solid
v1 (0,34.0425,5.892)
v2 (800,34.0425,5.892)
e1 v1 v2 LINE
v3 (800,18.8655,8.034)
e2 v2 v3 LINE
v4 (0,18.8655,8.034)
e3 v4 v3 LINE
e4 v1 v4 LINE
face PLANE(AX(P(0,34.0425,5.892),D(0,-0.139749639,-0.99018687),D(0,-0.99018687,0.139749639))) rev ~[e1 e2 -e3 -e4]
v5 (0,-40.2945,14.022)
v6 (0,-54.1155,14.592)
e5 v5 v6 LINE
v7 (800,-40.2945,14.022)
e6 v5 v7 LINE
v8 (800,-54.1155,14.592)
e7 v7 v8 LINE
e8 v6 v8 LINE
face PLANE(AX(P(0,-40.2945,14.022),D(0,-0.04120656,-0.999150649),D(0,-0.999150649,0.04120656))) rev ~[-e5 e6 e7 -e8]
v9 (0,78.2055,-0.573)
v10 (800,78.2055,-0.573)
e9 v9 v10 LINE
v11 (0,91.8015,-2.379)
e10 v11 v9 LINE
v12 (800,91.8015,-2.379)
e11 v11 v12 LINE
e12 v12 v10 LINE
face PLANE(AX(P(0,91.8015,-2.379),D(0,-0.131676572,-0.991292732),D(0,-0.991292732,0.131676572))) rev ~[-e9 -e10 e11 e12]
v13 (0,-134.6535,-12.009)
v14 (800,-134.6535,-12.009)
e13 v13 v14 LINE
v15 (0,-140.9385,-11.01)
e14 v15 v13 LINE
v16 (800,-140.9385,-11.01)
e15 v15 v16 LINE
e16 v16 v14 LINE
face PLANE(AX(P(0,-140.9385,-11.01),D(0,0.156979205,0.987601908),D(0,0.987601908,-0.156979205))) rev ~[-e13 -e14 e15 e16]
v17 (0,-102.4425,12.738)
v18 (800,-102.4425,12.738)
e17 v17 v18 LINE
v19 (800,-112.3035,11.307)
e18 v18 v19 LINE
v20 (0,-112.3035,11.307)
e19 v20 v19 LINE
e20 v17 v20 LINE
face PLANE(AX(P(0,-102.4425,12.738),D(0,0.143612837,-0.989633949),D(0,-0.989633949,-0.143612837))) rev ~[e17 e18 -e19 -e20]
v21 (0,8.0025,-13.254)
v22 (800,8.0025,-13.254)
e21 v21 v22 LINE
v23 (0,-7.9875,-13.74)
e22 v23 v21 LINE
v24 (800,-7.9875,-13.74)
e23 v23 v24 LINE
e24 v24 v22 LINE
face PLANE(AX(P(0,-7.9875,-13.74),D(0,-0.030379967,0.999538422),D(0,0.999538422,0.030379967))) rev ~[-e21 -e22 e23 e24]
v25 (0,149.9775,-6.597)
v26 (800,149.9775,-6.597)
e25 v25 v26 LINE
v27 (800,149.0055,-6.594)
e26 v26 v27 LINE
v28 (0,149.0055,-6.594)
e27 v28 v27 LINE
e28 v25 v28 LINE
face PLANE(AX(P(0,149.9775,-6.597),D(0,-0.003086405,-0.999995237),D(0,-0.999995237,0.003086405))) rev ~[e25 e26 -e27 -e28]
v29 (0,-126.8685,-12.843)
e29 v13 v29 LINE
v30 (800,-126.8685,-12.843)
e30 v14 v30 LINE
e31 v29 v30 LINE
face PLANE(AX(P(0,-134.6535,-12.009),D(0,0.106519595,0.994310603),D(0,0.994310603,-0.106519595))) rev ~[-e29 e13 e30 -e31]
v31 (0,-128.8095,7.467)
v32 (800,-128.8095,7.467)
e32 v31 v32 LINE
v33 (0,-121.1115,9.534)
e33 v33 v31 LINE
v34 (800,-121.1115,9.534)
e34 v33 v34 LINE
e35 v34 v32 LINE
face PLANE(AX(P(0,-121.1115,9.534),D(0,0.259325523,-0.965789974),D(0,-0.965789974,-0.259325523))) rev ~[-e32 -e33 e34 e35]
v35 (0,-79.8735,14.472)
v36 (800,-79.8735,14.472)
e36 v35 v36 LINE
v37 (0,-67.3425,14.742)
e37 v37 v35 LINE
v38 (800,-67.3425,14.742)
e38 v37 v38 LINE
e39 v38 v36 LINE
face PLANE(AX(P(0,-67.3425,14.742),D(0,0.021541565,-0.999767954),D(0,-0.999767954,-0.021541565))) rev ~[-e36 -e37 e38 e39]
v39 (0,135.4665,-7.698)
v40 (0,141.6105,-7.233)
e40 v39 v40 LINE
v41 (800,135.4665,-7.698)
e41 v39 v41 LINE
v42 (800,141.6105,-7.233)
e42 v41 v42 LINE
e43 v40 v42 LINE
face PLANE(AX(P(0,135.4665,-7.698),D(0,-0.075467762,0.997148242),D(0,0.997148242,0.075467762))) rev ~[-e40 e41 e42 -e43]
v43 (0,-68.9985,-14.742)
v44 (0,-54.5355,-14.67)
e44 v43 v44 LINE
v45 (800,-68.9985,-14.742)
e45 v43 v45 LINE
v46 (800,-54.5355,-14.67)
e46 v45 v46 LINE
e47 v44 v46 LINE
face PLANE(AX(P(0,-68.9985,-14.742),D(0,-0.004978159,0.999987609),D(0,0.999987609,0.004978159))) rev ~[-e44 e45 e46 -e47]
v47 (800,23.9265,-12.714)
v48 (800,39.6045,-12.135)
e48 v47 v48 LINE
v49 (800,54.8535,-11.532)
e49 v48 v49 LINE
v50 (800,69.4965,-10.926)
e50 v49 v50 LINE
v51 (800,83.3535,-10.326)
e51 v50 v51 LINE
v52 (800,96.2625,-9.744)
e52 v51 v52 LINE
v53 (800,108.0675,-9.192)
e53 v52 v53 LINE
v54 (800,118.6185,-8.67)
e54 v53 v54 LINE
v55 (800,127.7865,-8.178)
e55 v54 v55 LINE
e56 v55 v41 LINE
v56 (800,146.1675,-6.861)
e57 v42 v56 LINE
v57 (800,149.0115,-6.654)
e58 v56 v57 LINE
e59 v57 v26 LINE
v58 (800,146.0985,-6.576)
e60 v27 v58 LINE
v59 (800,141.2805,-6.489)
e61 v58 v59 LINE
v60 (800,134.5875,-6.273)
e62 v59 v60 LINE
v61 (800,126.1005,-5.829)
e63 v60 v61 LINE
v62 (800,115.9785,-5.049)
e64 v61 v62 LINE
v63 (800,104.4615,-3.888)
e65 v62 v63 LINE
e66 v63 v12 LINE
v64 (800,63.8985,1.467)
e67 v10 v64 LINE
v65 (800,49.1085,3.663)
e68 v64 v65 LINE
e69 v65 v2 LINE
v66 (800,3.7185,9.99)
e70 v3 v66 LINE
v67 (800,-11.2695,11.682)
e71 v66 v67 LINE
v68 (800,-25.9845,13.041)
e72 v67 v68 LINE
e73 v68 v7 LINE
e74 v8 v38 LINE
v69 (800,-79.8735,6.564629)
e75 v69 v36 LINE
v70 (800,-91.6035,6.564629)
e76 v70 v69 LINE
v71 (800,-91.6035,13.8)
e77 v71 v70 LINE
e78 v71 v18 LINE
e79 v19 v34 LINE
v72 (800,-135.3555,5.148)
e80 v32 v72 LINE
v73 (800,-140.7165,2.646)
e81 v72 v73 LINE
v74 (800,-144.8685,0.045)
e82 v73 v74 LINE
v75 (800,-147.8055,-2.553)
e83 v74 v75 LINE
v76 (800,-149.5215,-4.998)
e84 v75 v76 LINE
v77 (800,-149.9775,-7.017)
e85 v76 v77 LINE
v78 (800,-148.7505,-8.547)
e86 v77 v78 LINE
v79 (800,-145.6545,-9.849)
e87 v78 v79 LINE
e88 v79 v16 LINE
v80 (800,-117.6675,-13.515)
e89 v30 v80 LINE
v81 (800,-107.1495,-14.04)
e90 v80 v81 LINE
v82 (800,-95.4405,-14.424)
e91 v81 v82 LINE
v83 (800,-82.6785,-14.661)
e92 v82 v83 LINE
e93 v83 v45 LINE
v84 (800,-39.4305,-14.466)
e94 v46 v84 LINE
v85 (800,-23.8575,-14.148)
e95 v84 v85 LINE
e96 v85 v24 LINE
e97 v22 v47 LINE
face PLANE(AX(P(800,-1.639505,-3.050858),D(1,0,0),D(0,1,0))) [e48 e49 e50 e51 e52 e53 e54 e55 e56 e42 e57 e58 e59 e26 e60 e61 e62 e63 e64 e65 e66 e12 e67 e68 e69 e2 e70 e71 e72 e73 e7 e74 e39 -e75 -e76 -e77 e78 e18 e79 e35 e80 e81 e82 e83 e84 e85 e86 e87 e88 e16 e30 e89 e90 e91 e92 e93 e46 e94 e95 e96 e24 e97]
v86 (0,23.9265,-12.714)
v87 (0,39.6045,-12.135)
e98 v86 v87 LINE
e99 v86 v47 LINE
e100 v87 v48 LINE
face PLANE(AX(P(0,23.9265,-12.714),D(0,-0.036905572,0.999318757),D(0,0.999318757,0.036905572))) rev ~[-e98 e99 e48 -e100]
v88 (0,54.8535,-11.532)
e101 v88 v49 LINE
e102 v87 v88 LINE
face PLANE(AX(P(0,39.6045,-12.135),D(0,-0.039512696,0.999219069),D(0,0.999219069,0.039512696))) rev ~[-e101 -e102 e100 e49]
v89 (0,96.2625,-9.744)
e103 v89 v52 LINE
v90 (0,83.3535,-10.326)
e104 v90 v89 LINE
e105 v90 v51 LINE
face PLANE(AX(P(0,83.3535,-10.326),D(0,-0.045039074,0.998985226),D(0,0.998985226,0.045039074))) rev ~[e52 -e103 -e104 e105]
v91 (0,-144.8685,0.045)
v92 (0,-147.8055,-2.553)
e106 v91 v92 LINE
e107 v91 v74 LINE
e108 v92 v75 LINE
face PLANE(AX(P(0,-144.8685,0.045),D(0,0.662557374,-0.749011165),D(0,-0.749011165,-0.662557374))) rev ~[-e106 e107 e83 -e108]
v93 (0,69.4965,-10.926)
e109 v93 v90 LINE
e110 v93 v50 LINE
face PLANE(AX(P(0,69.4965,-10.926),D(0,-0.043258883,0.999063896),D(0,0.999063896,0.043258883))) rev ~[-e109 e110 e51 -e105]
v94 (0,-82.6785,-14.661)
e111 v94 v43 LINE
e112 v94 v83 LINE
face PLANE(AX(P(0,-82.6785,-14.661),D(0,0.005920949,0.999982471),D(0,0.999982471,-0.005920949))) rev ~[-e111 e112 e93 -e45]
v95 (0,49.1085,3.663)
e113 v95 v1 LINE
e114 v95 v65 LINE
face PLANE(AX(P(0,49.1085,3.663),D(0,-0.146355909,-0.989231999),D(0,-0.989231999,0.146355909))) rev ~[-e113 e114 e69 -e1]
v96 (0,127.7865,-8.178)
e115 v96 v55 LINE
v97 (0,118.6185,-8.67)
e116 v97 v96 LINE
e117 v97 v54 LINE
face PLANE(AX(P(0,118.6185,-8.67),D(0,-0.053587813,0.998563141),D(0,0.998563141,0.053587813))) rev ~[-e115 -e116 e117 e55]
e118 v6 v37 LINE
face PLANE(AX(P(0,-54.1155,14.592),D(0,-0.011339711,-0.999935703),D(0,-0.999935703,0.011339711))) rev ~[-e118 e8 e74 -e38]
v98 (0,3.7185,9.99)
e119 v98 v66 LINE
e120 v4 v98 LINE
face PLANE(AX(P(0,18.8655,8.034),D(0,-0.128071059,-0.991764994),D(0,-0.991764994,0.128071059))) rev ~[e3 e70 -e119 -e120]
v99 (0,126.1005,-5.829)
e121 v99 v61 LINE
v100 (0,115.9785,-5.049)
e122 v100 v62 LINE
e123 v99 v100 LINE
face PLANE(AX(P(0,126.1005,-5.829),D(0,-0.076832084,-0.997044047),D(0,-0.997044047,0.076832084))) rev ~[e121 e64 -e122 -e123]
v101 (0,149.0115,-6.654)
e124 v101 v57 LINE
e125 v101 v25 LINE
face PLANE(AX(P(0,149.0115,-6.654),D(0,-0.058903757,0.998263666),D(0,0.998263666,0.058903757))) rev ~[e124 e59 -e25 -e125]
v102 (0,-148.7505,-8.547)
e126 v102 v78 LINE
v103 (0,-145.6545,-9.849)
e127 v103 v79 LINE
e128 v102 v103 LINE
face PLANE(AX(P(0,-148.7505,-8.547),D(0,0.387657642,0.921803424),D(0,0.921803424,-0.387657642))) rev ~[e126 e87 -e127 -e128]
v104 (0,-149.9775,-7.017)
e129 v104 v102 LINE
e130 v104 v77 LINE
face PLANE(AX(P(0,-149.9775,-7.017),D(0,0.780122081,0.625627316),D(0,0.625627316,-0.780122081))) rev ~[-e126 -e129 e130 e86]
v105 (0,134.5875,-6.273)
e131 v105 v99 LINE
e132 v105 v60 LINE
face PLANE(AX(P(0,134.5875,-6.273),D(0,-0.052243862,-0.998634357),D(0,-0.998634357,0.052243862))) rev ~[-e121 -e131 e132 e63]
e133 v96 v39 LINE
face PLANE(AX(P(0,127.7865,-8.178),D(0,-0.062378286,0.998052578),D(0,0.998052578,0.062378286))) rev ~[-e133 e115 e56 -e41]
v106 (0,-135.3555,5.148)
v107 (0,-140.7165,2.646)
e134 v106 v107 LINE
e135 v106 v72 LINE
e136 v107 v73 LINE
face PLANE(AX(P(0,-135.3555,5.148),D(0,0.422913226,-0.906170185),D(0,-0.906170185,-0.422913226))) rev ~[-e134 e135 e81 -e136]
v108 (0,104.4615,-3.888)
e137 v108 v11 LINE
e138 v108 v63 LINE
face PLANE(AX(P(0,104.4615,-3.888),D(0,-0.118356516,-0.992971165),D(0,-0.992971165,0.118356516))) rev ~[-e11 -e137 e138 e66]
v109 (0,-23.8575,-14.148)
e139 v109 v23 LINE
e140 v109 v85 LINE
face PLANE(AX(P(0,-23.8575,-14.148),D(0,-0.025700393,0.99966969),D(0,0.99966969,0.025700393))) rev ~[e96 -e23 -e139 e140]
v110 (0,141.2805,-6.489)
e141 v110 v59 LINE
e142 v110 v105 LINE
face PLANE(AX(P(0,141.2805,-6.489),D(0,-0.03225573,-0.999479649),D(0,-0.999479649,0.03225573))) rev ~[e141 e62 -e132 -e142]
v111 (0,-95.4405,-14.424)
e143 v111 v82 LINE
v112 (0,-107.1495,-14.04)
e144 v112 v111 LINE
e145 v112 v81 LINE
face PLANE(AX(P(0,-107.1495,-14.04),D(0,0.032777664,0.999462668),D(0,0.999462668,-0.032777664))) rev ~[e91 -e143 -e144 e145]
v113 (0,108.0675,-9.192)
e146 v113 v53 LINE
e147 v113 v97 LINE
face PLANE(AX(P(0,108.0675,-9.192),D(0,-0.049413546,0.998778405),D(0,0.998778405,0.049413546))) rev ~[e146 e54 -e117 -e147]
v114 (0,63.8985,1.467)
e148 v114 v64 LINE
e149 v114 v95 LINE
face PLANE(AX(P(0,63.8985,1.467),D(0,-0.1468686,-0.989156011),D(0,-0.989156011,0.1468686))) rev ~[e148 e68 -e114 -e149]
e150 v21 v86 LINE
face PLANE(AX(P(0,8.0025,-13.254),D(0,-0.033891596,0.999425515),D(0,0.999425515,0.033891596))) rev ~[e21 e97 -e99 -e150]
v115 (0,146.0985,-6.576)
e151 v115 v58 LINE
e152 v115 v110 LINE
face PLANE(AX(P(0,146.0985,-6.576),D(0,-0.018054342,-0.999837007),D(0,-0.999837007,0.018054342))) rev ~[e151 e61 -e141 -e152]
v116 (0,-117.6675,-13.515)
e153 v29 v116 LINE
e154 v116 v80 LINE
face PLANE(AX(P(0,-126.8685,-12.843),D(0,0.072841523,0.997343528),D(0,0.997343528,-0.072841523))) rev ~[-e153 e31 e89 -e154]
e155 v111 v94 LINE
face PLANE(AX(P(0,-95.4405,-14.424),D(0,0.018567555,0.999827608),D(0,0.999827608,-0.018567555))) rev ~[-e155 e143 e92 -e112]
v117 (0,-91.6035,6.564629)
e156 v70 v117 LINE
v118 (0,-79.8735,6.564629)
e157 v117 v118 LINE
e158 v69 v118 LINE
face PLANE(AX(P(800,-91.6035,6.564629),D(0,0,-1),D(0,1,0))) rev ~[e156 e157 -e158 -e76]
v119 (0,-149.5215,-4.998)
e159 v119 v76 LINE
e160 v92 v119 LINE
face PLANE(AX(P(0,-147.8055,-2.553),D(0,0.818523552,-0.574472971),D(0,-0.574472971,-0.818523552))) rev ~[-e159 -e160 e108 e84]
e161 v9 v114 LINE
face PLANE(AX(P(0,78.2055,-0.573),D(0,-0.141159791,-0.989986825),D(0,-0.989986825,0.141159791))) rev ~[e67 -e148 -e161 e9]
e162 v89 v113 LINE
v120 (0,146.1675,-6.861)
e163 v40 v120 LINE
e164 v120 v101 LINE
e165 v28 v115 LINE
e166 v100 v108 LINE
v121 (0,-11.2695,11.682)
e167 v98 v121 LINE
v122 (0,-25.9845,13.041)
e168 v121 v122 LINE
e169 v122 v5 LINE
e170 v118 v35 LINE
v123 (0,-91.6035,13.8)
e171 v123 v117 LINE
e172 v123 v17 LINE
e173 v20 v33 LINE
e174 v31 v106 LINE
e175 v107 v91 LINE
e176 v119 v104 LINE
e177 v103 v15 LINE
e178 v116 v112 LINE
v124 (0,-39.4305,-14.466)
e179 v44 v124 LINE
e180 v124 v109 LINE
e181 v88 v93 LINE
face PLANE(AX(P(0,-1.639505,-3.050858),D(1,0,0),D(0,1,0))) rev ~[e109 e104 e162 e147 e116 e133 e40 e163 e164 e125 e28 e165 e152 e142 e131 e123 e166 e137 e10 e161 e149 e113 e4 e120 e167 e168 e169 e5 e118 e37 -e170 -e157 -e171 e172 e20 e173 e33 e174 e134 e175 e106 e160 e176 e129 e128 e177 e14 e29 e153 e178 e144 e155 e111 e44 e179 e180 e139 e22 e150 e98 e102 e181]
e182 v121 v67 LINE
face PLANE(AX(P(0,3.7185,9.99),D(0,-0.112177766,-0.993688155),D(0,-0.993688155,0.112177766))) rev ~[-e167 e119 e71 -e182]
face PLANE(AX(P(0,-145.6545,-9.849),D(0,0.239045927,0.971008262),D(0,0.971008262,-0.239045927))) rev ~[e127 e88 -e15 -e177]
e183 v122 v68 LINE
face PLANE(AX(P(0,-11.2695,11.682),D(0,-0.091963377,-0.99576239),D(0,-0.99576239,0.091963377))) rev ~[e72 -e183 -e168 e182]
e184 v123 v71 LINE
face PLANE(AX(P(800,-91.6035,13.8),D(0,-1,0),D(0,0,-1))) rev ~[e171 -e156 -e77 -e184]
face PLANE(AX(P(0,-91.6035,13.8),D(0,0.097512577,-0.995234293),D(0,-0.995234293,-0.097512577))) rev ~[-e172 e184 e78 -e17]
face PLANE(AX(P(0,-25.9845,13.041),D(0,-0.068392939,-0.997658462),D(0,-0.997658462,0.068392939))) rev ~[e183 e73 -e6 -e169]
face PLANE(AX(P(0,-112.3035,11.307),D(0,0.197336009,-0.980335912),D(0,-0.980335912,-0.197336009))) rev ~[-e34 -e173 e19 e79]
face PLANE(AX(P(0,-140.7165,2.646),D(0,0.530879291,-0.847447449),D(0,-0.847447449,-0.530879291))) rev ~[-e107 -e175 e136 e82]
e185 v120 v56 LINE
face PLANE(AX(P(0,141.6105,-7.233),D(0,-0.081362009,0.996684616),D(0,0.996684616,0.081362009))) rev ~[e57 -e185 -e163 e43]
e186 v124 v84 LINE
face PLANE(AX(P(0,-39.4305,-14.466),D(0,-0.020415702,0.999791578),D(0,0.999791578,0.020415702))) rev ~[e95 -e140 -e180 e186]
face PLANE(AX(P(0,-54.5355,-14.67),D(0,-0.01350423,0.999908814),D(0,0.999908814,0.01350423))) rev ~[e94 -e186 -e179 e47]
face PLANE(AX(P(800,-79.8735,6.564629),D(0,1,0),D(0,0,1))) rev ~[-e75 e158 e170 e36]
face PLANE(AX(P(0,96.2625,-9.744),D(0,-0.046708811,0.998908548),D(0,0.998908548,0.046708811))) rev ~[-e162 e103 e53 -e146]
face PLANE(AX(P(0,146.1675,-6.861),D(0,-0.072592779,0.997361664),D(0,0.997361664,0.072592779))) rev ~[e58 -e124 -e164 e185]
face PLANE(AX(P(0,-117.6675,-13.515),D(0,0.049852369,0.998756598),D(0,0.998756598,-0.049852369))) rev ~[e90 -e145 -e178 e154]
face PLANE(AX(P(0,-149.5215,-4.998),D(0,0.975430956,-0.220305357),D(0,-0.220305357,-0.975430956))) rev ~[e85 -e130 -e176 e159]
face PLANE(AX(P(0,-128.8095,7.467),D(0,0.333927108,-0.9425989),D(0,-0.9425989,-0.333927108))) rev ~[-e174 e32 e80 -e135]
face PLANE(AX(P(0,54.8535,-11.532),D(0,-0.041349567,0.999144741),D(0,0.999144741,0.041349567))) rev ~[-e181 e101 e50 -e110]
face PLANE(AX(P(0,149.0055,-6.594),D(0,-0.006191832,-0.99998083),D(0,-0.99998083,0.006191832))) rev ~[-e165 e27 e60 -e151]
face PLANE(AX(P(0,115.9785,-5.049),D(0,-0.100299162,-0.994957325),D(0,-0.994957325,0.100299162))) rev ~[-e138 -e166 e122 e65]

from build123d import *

# Parameters (mm, degrees)
F1_DEPTH = 800
F3_DEPTH = 800.001


with BuildPart() as f1:
    # F0 (on Right) → F1 (new body)
    with BuildSketch(Plane.YZ):
        Polygon((149.0115, -6.654), (149.9775, -6.597), (149.0055, -6.594), (146.0985, -6.576), (141.2805, -6.489), (134.5875, -6.273), (126.1005, -5.829), (115.9785, -5.049), (104.4615, -3.888), (91.8015, -2.379), (78.2055, -0.573), (63.8985, 1.467), (49.1085, 3.663), (34.0425, 5.892), (18.8655, 8.034), (3.7185, 9.99), (-11.2695, 11.682), (-25.9845, 13.041), (-40.2945, 14.022), (-54.1155, 14.592), (-67.3425, 14.742), (-79.8735, 14.472), (-91.6035, 13.8), (-102.4425, 12.738), (-112.3035, 11.307), (-121.1115, 9.534), (-128.8095, 7.467), (-135.3555, 5.148), (-140.7165, 2.646), (-144.8685, 0.045), (-147.8055, -2.553), (-149.5215, -4.998), (-149.9775, -7.017), (-148.7505, -8.547), (-145.6545, -9.849), (-140.9385, -11.01), (-134.6535, -12.009), (-126.8685, -12.843), (-117.6675, -13.515), (-107.1495, -14.04), (-95.4405, -14.424), (-82.6785, -14.661), (-68.9985, -14.742), (-54.5355, -14.67), (-39.4305, -14.466), (-23.8575, -14.148), (-7.9875, -13.74), (8.0025, -13.254), (23.9265, -12.714), (39.6045, -12.135), (54.8535, -11.532), (69.4965, -10.926), (83.3535, -10.326), (96.2625, -9.744), (108.0675, -9.192), (118.6185, -8.67), (127.7865, -8.178), (135.4665, -7.698), (141.6105, -7.233), (146.1675, -6.861), align=None)
    extrude(amount=F1_DEPTH)

    # F2 (on face) → F3 (cut, through all)
    with BuildSketch(Plane.YZ.offset(800)):
        Polygon((-79.8735, 14.472), (-91.6035, 13.8), (-91.6035, 6.564629), (-79.8735, 6.564629), align=None)
    extrude(amount=-F3_DEPTH, mode=Mode.SUBTRACT)


solid = f1.part
